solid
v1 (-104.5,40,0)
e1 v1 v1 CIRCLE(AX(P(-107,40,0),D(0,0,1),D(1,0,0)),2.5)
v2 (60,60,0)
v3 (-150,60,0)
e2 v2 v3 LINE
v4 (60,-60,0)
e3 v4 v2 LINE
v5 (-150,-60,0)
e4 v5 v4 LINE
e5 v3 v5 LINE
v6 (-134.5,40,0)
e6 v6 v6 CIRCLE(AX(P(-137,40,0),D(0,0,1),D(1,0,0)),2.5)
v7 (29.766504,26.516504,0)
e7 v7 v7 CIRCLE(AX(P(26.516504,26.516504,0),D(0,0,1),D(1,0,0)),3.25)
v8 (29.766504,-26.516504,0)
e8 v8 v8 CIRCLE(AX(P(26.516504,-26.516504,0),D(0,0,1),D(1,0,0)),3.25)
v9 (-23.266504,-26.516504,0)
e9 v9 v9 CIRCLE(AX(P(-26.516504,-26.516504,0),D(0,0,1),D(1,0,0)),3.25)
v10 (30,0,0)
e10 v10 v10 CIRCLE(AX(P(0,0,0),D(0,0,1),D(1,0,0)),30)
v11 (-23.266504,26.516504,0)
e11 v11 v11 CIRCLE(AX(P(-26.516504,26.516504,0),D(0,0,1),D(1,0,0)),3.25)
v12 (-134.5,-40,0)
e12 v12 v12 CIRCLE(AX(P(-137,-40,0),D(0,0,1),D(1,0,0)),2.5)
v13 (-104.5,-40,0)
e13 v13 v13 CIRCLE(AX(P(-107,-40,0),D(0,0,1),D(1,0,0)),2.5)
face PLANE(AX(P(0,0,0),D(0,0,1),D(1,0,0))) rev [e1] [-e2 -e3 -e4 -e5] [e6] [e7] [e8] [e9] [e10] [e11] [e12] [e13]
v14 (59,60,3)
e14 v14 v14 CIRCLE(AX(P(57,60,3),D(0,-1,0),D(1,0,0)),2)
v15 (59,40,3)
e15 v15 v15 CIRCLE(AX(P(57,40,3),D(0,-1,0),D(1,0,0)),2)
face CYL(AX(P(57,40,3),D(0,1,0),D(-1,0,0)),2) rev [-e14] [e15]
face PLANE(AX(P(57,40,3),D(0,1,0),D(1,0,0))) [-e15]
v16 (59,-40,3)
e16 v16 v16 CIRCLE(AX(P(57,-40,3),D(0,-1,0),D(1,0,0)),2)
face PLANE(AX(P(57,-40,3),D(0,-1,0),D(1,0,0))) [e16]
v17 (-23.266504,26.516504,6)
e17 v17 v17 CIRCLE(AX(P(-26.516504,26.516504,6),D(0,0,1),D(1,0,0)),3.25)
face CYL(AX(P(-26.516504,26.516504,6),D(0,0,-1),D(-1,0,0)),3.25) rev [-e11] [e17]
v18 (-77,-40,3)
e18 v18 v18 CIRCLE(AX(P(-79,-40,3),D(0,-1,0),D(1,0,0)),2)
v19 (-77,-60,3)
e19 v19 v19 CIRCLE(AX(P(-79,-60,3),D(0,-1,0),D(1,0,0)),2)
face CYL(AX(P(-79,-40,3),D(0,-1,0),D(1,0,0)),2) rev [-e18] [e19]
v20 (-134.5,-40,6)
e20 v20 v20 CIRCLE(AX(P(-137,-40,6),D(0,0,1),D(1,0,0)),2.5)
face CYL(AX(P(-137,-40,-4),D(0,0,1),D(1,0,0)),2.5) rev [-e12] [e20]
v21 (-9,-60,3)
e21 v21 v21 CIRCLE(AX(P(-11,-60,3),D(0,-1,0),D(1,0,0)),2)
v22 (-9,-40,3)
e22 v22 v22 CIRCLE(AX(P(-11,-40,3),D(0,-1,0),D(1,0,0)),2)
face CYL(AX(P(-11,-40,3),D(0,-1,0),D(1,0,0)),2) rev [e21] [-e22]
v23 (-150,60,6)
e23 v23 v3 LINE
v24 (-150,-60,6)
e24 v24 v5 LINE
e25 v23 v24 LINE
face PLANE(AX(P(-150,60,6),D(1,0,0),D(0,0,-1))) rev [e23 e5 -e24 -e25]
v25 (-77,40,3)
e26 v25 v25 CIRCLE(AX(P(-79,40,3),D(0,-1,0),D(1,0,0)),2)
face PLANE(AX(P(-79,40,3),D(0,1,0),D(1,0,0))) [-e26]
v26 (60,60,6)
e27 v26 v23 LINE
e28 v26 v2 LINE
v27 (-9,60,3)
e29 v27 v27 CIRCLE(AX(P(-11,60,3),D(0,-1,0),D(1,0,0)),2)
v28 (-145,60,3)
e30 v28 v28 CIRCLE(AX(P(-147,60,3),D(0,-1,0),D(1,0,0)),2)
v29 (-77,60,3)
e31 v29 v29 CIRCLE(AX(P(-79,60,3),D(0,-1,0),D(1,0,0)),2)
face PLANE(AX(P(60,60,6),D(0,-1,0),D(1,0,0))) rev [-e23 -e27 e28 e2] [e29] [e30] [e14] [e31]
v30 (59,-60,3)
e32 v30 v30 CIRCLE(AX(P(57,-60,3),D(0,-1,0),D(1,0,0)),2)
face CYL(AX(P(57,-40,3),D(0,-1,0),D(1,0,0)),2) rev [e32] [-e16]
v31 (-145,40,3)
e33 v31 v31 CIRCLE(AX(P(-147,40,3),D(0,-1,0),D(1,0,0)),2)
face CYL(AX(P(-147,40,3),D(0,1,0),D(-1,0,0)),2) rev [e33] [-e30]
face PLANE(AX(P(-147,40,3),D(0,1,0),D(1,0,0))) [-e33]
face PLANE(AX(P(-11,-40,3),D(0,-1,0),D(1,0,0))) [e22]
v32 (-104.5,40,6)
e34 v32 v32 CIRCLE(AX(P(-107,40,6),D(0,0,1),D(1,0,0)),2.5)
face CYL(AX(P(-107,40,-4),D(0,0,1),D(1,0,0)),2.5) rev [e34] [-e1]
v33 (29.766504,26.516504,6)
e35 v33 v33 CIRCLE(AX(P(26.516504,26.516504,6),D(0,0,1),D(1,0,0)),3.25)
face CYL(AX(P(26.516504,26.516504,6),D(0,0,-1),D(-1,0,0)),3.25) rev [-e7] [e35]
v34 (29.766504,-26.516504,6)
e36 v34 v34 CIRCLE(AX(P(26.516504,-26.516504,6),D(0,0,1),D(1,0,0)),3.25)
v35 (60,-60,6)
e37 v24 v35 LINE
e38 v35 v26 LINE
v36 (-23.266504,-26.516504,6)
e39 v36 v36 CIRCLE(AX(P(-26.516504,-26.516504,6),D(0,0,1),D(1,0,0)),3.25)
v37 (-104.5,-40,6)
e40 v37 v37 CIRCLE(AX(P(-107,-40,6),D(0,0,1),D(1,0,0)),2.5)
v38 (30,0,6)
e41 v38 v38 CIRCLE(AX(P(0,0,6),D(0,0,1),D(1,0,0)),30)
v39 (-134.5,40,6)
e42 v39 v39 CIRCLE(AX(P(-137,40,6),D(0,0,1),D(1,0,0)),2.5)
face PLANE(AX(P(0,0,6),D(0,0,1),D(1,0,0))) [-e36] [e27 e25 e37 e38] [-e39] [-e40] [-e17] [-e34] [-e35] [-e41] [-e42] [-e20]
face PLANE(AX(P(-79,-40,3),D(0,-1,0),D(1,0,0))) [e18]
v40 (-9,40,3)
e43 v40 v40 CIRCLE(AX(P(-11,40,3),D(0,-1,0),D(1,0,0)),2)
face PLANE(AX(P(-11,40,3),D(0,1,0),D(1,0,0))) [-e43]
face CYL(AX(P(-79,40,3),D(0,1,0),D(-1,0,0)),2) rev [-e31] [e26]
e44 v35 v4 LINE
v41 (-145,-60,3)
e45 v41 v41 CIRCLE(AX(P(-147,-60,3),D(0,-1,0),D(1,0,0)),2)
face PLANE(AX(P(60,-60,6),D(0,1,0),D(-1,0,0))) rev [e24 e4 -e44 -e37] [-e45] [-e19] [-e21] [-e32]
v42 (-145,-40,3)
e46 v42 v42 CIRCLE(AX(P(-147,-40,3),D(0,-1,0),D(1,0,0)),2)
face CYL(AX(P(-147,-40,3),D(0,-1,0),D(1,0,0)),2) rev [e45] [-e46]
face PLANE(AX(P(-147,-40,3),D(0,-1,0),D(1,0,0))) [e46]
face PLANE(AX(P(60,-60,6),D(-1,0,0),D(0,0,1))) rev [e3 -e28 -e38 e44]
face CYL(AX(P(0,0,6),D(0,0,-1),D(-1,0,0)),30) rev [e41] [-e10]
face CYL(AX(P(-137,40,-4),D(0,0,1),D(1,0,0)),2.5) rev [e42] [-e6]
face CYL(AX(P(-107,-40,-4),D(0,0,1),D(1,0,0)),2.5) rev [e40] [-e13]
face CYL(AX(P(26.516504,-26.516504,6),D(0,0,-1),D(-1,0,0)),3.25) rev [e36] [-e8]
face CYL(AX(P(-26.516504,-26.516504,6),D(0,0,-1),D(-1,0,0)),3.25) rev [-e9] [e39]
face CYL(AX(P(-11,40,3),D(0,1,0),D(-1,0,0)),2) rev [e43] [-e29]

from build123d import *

# Parameters (mm, degrees)
SKETCH_1_W          = 210
SKETCH_1_H          = 120
SKETCH_1_R          = 3.25
SKETCH_1_R_2        = 30
EXTRUDE_1_DEPTH     = 6
SKETCH_2_R          = 2.5
CUT_EXTRUDE_1_DEPTH = 10
SKETCH_3_R          = 2
CUT_EXTRUDE_2_DEPTH = 20


with BuildPart() as part:
    # 草图1 → 凸台-拉伸1 (new body)
    with BuildSketch(Plane.XY):
        with Locations((-45, 0)):
            Rectangle(SKETCH_1_W, SKETCH_1_H)
        with Locations((26.516504294, 26.516504294)):
            Circle(SKETCH_1_R, mode=Mode.SUBTRACT)
        with Locations((26.516504294, -26.516504294)):
            Circle(SKETCH_1_R, mode=Mode.SUBTRACT)
        with Locations((-26.516504294, -26.516504294)):
            Circle(SKETCH_1_R, mode=Mode.SUBTRACT)
        with Locations((-26.516504294, 26.516504294)):
            Circle(SKETCH_1_R, mode=Mode.SUBTRACT)
        Circle(SKETCH_1_R_2, mode=Mode.SUBTRACT)
    extrude(amount=EXTRUDE_1_DEPTH)

    # 草图2 → 切除-拉伸1 (cut)
    with BuildSketch(Plane.XY.offset(6)):
        with Locations((-137, 40)):
            Circle(SKETCH_2_R)
        with Locations((-107, 40)):
            Circle(SKETCH_2_R)
        with Locations((-107, -40)):
            Circle(SKETCH_2_R)
        with Locations((-137, -40)):
            Circle(SKETCH_2_R)
    extrude(amount=-CUT_EXTRUDE_1_DEPTH, mode=Mode.SUBTRACT)

    # 草图3 → 切除-拉伸2 (cut)
    with BuildSketch(Plane(origin=(0, -60, 0), x_dir=(-1, 0, 0), z_dir=(0, -1, 0))):
        with Locations((-57, -3)):
            Circle(SKETCH_3_R)
        with Locations((11, -3)):
            Circle(SKETCH_3_R)
        with Locations((79, -3)):
            Circle(SKETCH_3_R)
        with Locations((147, -3)):
            Circle(SKETCH_3_R)
    cut_extrude_2 = extrude(amount=-CUT_EXTRUDE_2_DEPTH, mode=Mode.SUBTRACT)

    # 镜向3: 切除-拉伸2 across plane
    add(cut_extrude_2.mirror(Plane(origin=(0, 0, 0), x_dir=(0, 0, 1), z_dir=(0, -1, 0))), mode=Mode.SUBTRACT)


solid = part.part
